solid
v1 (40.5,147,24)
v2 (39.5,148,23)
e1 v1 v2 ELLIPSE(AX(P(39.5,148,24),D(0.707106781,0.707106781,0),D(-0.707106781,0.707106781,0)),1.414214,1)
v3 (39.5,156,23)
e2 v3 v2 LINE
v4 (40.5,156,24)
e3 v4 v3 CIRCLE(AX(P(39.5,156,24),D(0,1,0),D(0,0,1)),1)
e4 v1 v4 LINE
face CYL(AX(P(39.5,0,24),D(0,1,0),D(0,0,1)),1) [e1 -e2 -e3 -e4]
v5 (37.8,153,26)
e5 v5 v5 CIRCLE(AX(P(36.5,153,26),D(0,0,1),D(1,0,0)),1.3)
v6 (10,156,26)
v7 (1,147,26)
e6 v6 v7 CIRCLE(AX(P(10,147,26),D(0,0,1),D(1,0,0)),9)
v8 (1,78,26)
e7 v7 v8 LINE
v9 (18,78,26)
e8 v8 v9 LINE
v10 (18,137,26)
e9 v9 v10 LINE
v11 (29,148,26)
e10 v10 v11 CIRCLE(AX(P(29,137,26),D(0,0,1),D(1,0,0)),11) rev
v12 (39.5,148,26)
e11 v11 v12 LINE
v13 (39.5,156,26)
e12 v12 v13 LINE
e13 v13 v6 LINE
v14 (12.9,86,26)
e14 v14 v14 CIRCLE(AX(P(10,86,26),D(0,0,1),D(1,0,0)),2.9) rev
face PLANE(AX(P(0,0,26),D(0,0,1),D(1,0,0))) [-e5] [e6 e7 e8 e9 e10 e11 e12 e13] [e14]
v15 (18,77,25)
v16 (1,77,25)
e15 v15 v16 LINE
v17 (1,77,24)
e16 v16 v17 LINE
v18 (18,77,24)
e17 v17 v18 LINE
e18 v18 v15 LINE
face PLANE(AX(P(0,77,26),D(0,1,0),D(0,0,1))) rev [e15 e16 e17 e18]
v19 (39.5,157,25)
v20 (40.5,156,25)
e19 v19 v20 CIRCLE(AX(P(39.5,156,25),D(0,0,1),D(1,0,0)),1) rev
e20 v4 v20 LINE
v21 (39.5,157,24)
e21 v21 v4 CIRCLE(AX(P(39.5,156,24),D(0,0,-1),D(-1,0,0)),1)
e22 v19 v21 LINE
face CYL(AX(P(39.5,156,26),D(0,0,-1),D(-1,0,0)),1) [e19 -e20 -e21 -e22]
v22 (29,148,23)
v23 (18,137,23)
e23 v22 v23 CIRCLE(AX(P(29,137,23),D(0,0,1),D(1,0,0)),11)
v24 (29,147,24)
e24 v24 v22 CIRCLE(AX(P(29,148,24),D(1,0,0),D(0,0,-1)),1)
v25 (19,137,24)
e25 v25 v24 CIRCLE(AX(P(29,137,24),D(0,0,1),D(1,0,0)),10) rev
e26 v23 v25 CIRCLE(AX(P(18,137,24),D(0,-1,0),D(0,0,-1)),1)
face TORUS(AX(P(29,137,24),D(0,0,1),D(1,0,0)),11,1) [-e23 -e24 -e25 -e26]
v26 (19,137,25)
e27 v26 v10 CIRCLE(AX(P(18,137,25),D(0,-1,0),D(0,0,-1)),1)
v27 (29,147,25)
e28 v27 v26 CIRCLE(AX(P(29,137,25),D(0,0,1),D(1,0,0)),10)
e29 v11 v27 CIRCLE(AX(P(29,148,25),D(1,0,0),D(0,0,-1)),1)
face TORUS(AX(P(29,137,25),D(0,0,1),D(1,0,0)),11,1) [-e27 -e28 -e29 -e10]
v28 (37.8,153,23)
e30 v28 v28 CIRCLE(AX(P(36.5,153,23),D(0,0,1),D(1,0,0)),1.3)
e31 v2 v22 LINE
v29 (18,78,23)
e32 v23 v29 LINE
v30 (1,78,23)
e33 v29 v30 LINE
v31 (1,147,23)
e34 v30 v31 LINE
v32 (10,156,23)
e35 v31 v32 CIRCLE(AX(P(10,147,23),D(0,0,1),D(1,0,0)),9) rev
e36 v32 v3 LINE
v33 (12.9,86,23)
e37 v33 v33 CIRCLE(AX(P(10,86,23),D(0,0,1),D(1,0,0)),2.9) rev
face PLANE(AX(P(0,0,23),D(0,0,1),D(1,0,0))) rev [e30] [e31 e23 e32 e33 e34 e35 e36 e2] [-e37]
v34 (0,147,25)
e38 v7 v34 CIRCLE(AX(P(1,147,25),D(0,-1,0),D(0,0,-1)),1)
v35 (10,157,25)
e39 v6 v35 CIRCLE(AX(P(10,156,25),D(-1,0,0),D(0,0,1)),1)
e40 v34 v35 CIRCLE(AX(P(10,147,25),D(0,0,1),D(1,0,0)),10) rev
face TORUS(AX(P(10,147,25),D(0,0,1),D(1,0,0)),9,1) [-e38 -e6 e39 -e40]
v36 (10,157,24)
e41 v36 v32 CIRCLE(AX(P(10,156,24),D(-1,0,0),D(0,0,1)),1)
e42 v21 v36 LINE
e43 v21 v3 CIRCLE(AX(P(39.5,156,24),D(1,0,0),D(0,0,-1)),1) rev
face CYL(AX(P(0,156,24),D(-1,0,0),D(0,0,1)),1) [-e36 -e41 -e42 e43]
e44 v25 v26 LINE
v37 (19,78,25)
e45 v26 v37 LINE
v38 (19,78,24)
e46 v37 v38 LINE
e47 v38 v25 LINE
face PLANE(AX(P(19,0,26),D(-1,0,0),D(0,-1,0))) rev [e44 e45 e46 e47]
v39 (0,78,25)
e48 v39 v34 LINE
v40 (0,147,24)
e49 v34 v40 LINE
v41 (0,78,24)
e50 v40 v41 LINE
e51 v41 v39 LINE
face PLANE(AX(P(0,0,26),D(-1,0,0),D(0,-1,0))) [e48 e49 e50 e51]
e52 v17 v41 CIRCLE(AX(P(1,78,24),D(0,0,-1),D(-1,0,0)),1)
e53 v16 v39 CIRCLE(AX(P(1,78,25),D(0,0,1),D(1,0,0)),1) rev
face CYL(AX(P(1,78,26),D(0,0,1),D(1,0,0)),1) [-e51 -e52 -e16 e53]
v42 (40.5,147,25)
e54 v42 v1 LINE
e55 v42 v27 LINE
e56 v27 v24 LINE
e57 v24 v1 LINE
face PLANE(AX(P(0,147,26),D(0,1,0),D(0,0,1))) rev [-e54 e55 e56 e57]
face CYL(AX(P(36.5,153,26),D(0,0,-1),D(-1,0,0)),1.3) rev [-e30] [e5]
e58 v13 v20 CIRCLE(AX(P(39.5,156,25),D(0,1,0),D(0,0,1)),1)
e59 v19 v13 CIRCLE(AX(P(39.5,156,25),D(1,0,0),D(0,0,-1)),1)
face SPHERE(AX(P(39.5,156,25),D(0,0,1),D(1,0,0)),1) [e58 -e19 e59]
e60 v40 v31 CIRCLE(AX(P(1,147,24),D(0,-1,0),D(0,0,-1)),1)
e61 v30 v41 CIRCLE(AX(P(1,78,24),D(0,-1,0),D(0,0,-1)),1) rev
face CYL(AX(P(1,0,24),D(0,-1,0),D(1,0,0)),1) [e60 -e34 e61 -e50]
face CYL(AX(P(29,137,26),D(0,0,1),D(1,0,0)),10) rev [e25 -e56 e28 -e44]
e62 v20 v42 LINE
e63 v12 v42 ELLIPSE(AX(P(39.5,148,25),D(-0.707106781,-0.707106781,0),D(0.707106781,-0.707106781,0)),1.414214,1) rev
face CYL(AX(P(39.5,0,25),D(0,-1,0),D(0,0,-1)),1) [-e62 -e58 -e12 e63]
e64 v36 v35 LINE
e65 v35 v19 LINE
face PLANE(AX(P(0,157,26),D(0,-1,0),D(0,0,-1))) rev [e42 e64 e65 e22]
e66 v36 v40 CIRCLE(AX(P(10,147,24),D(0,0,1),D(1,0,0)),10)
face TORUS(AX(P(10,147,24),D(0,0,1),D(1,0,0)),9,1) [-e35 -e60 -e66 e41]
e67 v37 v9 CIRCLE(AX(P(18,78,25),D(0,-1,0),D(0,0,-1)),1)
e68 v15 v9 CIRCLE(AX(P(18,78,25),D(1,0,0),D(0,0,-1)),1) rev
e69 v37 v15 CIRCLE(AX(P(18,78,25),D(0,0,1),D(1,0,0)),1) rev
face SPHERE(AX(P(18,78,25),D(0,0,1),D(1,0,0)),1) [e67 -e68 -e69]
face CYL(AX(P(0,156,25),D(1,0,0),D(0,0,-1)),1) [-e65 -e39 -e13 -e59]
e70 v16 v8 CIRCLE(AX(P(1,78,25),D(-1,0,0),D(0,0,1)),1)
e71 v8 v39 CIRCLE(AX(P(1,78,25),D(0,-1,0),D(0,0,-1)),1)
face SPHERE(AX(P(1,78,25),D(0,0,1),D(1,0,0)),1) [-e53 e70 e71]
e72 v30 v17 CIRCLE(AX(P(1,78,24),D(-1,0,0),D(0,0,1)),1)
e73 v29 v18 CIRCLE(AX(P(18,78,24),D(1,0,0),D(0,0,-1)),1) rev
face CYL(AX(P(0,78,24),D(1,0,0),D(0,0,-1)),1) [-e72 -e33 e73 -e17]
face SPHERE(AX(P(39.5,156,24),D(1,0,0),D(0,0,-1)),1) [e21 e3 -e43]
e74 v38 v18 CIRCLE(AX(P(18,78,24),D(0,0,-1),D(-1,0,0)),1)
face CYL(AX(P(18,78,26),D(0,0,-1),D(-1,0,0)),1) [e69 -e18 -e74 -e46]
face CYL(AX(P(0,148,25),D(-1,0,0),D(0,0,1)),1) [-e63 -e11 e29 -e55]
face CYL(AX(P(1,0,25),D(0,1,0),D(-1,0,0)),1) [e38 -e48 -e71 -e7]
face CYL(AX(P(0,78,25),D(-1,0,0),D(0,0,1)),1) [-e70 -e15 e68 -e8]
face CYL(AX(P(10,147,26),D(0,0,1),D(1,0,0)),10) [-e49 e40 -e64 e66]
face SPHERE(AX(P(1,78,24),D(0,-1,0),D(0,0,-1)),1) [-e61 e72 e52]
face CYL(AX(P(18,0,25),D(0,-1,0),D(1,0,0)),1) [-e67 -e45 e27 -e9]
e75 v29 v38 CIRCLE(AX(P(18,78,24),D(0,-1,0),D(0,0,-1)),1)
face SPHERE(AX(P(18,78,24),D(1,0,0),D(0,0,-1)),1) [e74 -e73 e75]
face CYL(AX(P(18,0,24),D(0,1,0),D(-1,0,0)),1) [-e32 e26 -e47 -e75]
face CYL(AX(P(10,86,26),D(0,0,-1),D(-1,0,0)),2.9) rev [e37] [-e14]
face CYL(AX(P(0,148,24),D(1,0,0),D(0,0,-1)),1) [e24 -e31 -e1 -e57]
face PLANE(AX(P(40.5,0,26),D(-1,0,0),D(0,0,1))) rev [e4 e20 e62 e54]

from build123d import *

# Parameters (mm, degrees)
ESQUISSE1_W        = 19
ESQUISSE1_H        = 70
ESQUISSE1_R        = 2.9
ESQUISSE1_H_2      = 10
ESQUISSE1_W_2      = 21.5
ESQUISSE1_R_2      = 1.3
BOSS_EXTRU_1_DEPTH = 3
CONG_1_R           = 10
CONG_2_R           = 1


with BuildPart() as part:
    # Esquisse1 → Boss.-Extru.1 (new body)
    # profile 1 of 3: a face of its own
    with BuildSketch(Plane.XY.offset(23)):
        with Locations((9.5, 112)):
            Rectangle(ESQUISSE1_W, ESQUISSE1_H)
        with Locations((10, 86)):
            Circle(ESQUISSE1_R, mode=Mode.SUBTRACT)
    # profile 2 of 3: a face of its own
    with BuildSketch(Plane.XY.offset(23)):
        with Locations((9.5, 152)):
            Rectangle(ESQUISSE1_W, ESQUISSE1_H_2)
    # profile 3 of 3: a face of its own
    with BuildSketch(Plane.XY.offset(23)):
        with Locations((29.75, 152)):
            Rectangle(ESQUISSE1_W_2, ESQUISSE1_H_2)
        with Locations((36.5, 153)):
            Circle(ESQUISSE1_R_2, mode=Mode.SUBTRACT)
    extrude(amount=BOSS_EXTRU_1_DEPTH)

    # Congé1
    cong_1_edges = [part.edges().sort_by_distance(p)[0] for p in [
        (0, 157, 24.5),
        (19, 147, 24.5),
    ]]
    fillet(cong_1_edges, radius=CONG_1_R)

    # Congé2
    cong_2_edges = [part.edges().sort_by_distance(p)[0] for p in [
        (25.25, 157, 23),
        (40.5, 152, 23),
        (19, 107, 23),
        (9.5, 77, 23),
        (0, 112, 23),
        (9.5, 77, 26),
        (40.5, 157, 24.5),
        (19, 77, 24.5),
        (0, 77, 24.5),
        (19, 107, 26),
        (34.75, 147, 23),
        (34.75, 147, 26),
        (40.5, 152, 26),
        (2.928932188, 154.071067812, 23),
        (2.928932188, 154.071067812, 26),
        (25.25, 157, 26),
        (21.928932188, 144.071067812, 23),
        (21.928932188, 144.071067812, 26),
        (0, 112, 26),
    ]]
    fillet(cong_2_edges, radius=CONG_2_R)


solid = part.part
